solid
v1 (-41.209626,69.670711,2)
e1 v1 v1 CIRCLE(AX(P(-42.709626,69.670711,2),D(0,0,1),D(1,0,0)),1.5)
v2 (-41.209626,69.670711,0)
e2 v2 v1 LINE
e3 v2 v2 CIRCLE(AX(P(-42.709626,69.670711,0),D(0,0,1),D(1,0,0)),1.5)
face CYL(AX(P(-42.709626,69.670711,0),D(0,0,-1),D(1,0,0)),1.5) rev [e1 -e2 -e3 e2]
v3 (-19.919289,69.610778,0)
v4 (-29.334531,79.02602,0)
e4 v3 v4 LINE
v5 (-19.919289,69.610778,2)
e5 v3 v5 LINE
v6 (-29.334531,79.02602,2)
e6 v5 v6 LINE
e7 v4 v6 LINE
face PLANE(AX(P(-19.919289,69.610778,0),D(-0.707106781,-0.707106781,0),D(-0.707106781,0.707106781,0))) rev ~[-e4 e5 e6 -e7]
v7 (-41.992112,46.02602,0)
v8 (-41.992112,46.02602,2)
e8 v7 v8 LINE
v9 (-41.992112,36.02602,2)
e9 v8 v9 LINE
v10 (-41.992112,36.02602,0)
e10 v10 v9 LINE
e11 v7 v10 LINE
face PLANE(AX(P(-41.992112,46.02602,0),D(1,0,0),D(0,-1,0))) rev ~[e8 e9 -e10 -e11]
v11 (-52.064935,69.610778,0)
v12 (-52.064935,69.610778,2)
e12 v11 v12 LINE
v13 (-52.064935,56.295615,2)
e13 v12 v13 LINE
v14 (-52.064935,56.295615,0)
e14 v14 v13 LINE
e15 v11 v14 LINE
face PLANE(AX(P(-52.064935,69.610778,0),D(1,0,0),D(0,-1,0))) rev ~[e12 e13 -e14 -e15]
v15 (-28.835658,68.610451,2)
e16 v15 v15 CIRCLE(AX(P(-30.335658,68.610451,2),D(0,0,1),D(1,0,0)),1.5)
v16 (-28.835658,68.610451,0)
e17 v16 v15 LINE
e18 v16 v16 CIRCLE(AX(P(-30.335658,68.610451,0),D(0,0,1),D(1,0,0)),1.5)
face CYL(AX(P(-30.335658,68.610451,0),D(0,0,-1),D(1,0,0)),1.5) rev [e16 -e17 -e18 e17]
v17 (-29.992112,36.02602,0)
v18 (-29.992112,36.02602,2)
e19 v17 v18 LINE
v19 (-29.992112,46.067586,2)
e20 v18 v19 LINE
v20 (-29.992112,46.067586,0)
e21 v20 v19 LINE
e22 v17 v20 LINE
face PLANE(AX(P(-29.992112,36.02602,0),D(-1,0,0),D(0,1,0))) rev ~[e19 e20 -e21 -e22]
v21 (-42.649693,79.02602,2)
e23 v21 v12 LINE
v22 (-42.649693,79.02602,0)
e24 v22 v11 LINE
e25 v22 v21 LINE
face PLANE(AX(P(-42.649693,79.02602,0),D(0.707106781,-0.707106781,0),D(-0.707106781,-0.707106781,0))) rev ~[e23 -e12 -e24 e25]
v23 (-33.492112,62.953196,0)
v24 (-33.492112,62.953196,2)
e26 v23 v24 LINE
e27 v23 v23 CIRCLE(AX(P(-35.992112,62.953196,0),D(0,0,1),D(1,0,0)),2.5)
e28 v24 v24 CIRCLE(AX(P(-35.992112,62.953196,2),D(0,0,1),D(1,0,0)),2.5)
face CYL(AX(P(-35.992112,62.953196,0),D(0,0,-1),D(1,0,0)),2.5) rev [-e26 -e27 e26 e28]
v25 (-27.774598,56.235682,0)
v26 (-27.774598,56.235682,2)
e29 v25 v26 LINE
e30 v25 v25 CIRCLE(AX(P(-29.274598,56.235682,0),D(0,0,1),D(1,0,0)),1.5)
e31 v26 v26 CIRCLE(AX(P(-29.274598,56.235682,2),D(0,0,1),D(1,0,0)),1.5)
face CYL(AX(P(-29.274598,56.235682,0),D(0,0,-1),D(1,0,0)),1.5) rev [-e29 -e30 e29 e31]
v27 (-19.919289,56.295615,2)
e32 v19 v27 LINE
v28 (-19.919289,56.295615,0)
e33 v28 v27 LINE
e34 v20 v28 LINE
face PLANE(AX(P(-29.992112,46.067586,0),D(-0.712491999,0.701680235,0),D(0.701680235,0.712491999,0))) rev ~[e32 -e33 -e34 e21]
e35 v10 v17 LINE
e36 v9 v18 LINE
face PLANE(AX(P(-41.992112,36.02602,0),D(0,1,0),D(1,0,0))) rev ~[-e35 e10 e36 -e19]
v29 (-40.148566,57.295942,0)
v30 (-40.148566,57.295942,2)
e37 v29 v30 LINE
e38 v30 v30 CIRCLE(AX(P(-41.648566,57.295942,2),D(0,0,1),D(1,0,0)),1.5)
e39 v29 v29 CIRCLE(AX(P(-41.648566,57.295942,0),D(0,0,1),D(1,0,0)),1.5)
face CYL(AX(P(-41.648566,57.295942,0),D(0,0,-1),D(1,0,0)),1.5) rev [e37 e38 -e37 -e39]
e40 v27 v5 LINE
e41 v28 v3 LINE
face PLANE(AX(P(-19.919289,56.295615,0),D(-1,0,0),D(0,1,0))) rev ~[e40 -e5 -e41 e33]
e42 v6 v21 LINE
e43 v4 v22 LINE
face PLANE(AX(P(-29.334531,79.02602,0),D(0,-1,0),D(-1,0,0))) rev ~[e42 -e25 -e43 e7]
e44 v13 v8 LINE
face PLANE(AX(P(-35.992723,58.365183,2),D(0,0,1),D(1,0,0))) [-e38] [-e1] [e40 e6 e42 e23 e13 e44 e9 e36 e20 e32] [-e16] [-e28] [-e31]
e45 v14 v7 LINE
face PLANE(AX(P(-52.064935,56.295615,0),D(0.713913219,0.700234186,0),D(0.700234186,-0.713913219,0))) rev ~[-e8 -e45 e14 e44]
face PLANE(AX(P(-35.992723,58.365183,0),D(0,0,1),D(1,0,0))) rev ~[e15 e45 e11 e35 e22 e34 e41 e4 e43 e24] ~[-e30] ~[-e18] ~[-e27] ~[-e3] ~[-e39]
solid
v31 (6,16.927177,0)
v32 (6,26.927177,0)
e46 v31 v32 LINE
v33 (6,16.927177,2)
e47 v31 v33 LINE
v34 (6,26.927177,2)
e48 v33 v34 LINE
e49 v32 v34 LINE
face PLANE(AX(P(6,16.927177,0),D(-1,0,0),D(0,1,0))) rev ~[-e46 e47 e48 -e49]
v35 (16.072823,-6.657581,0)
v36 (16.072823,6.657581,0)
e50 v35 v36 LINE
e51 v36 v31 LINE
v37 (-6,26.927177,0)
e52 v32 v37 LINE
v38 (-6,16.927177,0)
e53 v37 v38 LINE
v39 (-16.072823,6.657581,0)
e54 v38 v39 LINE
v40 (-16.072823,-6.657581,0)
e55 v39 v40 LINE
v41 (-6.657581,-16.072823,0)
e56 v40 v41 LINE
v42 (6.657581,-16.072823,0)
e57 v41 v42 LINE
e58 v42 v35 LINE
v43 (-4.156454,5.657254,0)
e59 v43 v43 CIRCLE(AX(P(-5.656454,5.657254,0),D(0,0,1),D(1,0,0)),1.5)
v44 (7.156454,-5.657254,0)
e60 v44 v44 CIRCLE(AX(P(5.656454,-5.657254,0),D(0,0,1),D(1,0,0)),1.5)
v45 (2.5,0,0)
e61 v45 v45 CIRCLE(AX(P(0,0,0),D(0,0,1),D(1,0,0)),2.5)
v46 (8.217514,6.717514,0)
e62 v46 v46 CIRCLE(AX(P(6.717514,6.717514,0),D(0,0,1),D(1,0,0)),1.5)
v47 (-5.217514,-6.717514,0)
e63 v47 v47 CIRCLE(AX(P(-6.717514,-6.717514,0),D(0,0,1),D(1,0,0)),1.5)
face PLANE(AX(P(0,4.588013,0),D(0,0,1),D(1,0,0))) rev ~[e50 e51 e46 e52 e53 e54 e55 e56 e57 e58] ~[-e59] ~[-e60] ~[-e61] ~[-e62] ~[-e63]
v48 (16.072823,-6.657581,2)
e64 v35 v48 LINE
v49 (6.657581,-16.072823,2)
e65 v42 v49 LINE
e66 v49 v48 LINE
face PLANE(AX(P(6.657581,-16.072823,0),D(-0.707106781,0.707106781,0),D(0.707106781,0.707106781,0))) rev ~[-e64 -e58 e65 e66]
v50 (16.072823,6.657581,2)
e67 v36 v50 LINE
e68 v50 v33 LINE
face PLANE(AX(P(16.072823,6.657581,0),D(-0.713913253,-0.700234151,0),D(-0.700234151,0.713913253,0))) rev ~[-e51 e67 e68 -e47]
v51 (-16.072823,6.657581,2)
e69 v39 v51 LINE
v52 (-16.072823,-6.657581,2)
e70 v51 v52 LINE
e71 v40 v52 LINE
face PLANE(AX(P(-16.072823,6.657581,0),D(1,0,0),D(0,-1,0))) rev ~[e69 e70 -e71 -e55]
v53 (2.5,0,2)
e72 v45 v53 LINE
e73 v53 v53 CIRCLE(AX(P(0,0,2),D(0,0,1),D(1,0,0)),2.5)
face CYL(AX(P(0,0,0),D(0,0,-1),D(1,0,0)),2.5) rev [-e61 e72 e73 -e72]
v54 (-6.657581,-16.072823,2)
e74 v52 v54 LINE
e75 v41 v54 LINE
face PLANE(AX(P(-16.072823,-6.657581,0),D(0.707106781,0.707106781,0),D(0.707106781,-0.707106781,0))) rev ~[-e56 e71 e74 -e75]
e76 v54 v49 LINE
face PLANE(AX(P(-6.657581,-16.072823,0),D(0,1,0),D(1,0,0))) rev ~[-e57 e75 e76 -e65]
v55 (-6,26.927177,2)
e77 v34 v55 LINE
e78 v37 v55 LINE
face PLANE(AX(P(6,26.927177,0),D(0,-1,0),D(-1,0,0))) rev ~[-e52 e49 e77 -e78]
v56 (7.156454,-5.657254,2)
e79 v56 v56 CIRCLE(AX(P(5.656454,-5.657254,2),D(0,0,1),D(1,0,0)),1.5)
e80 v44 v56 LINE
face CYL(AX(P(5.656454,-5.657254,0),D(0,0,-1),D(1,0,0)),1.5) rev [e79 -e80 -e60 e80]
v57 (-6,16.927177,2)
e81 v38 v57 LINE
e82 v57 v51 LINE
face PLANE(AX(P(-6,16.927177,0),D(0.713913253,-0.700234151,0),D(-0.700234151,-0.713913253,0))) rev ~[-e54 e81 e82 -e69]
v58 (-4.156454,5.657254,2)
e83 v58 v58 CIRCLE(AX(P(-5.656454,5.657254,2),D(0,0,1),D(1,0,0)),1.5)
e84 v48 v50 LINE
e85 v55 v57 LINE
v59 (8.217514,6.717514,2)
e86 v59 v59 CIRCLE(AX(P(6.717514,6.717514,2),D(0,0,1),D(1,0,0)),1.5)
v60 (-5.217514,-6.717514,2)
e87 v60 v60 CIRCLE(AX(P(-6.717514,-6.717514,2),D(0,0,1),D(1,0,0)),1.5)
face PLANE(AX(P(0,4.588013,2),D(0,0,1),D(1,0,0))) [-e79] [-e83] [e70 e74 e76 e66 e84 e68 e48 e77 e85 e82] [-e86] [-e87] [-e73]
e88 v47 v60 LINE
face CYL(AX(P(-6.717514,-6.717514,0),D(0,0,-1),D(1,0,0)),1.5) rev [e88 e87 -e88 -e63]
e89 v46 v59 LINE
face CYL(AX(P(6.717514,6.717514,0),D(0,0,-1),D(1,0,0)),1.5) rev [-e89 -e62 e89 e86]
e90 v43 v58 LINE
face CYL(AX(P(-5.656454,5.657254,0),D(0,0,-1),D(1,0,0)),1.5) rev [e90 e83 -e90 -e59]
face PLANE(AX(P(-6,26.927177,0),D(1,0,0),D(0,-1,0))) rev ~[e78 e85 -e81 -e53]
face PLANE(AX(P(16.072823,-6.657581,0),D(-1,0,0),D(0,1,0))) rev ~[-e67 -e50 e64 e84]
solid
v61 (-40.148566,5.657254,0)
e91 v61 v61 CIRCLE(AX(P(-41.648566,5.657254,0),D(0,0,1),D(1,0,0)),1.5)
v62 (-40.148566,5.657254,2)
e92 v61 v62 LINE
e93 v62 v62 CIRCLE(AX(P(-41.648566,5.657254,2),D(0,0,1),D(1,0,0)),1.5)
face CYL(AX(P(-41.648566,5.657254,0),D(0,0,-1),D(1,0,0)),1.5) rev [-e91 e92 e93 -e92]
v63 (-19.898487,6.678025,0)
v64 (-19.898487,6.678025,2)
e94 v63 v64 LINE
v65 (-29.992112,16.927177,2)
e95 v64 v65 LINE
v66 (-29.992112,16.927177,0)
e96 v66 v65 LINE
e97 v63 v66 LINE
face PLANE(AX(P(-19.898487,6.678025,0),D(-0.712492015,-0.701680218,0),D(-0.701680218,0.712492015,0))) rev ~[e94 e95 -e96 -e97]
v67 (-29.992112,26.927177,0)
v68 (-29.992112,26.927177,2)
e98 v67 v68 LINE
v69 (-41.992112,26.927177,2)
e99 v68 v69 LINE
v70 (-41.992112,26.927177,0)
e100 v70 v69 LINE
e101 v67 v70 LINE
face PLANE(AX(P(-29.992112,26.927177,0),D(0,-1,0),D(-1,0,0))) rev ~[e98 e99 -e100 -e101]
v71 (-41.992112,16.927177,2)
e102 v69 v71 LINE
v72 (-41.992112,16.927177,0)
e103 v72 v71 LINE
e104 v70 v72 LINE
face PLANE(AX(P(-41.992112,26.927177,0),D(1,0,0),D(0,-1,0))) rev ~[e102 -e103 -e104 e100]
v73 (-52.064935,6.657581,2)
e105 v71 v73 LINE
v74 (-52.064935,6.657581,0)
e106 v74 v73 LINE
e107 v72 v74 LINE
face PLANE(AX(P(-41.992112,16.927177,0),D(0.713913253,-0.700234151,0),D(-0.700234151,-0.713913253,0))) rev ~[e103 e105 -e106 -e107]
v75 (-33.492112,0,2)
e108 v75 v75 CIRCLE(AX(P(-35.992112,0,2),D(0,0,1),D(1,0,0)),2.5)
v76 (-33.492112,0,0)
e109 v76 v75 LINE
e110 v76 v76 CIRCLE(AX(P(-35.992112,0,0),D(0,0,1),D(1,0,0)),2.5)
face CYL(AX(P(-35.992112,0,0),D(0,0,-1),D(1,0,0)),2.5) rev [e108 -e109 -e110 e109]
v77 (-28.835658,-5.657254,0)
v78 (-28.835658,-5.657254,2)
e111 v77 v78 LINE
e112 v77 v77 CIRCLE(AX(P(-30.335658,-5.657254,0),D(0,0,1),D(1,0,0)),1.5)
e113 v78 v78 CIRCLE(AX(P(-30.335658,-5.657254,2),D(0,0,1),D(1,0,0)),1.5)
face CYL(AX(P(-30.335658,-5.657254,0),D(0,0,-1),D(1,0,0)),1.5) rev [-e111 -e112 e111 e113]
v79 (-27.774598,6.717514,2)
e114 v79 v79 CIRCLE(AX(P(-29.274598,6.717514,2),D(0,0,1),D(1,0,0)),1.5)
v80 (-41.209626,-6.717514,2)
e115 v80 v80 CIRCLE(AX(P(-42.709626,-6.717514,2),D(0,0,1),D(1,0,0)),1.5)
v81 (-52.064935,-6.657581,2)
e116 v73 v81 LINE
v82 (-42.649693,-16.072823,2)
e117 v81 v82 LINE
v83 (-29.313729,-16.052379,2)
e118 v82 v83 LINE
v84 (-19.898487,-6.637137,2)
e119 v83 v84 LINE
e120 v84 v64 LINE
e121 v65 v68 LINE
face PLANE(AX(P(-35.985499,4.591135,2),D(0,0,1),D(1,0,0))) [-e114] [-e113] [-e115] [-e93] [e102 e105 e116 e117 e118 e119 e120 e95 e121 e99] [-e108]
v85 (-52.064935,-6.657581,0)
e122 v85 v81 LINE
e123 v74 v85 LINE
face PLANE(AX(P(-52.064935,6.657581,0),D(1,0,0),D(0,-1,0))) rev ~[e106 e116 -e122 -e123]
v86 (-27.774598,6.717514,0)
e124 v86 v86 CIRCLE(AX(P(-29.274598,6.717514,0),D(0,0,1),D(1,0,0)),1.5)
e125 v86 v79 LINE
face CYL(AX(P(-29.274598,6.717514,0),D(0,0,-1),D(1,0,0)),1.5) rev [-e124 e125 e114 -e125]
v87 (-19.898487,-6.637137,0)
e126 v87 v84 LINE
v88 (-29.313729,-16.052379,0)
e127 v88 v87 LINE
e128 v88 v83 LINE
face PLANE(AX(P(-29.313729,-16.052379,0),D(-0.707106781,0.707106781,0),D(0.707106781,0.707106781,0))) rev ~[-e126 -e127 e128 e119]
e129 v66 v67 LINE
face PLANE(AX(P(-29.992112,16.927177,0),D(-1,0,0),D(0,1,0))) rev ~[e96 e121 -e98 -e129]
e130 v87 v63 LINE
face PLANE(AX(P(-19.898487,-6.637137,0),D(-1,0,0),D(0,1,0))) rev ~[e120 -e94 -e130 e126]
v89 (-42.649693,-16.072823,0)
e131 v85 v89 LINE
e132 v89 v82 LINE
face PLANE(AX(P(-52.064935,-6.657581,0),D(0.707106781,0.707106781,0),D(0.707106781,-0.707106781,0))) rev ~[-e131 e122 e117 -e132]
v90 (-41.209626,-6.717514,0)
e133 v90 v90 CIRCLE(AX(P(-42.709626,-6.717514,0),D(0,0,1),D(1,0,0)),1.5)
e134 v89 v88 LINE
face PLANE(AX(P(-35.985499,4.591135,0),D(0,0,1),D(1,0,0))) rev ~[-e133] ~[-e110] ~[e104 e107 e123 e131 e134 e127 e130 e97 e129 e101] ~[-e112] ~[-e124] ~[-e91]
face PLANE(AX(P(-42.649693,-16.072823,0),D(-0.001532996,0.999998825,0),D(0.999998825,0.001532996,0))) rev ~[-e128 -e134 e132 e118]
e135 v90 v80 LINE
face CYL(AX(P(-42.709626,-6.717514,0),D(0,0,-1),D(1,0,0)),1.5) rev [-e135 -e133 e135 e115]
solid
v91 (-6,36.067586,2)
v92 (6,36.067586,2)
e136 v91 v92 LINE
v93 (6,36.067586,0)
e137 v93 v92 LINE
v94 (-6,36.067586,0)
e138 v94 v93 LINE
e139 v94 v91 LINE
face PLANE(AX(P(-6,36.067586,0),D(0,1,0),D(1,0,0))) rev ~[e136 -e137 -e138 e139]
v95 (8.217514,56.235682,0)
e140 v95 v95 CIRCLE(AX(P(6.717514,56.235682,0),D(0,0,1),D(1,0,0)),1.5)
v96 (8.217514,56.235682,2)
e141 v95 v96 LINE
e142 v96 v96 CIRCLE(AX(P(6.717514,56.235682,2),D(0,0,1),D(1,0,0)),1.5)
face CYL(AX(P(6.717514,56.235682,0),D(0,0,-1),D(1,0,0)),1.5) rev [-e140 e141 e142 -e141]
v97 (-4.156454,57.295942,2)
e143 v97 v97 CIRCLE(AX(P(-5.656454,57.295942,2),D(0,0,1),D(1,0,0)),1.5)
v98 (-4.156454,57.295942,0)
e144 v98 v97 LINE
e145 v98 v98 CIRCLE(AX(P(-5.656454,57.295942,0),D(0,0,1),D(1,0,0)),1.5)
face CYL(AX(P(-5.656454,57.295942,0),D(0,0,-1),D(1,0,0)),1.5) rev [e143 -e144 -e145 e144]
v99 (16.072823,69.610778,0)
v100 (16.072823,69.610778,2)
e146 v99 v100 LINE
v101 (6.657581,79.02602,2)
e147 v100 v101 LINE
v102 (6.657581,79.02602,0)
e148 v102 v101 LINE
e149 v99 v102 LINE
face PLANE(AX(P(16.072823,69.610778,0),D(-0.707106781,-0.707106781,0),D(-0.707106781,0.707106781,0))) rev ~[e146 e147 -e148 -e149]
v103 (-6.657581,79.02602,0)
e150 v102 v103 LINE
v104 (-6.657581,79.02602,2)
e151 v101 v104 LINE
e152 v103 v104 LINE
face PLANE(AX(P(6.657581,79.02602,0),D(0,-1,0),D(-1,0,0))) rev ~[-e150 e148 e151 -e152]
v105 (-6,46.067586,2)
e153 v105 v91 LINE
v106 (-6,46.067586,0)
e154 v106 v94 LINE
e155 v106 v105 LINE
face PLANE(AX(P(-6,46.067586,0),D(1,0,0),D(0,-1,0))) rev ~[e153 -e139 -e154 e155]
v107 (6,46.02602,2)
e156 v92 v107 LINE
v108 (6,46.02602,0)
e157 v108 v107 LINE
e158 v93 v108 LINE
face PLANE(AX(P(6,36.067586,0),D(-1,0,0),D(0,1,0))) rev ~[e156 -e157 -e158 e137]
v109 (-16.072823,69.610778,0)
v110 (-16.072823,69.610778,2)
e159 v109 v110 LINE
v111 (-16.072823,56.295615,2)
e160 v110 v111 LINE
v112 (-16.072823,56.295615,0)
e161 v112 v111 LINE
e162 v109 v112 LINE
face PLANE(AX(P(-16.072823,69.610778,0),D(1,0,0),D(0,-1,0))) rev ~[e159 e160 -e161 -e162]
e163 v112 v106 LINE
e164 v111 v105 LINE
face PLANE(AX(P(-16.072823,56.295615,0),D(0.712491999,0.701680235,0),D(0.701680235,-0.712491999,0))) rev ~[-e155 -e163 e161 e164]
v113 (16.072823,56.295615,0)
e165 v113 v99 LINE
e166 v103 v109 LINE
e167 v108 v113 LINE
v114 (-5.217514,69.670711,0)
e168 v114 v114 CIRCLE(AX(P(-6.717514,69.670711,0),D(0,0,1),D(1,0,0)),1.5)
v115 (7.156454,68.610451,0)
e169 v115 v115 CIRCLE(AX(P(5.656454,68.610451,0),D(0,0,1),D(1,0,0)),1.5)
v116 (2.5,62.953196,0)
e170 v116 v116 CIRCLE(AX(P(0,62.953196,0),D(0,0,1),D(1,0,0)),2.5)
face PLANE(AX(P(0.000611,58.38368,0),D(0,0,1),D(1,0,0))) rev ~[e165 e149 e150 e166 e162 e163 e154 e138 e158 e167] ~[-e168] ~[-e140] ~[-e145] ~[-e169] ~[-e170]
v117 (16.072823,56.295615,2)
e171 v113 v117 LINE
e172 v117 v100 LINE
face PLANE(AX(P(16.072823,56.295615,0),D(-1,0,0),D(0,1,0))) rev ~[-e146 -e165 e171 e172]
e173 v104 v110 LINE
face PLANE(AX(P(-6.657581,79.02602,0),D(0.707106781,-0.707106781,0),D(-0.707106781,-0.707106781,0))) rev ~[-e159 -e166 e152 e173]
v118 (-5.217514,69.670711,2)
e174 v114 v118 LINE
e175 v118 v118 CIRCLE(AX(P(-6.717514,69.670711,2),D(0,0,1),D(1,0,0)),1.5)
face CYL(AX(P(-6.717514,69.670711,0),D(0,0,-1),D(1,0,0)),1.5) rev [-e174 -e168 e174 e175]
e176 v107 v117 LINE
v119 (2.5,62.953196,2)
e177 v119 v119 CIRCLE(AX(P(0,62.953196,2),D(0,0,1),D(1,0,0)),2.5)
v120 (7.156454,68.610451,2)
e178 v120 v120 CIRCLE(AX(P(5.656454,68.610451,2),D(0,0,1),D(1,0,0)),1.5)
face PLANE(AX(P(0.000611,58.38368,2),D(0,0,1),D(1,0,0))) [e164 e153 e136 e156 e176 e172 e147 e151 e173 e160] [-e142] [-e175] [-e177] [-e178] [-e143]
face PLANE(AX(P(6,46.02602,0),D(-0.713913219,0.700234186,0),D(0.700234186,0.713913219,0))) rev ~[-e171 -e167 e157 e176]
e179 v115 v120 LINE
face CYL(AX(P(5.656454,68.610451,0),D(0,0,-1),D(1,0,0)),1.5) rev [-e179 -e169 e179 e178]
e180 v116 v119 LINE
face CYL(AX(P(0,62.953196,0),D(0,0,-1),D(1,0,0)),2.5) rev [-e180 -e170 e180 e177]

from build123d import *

# Parameters (mm, degrees)
F0_R     = 1.5
F0_R_2   = 2.5
F1_DEPTH = 2


with BuildPart() as f1:
    # F0 (on Top) → F1 (new body)
    with BuildSketch(Plane.XY):
        Polygon((16.072823, 6.657581), (6, 16.927177), (6, 26.927177), (-6, 26.927177), (-6, 16.927177), (-16.072823, 6.657581), (-16.072823, -6.657581), (-6.657581, -16.072823), (6.657581, -16.072823), (16.072823, -6.657581), align=None)
        with Locations((-6.717514, -6.717514)):
            Circle(F0_R, mode=Mode.SUBTRACT)
        with Locations((-5.656454, 5.657254)):
            Circle(F0_R, mode=Mode.SUBTRACT)
        with Locations((5.656454, -5.657254)):
            Circle(F0_R, mode=Mode.SUBTRACT)
        Circle(F0_R_2, mode=Mode.SUBTRACT)
        with Locations((6.717514, 6.717514)):
            Circle(F0_R, mode=Mode.SUBTRACT)
        Polygon((-19.898487, 6.678025), (-29.992112, 16.927177), (-29.992112, 26.927177), (-41.992112, 26.927177), (-41.992112, 16.927177), (-52.064935, 6.657581), (-52.064935, -6.657581), (-42.649693, -16.072823), (-29.313729, -16.052379), (-19.898487, -6.637137), align=None)
        with Locations((-42.709626, -6.717514)):
            Circle(F0_R, mode=Mode.SUBTRACT)
        with Locations((-35.992112, 0)):
            Circle(F0_R_2, mode=Mode.SUBTRACT)
        with Locations((-41.648566, 5.657254)):
            Circle(F0_R, mode=Mode.SUBTRACT)
        with Locations((-30.335658, -5.657254)):
            Circle(F0_R, mode=Mode.SUBTRACT)
        with Locations((-29.274598, 6.717514)):
            Circle(F0_R, mode=Mode.SUBTRACT)
        Polygon((-41.992112, 46.02602), (-41.992112, 36.02602), (-29.992112, 36.02602), (-29.992112, 46.067586), (-19.919289, 56.295615), (-19.919289, 69.610778), (-29.334531, 79.02602), (-42.649693, 79.02602), (-52.064935, 69.610778), (-52.064935, 56.295615), align=None)
        with Locations((-41.648566, 57.295942)):
            Circle(F0_R, mode=Mode.SUBTRACT)
        with Locations((-35.992112, 62.953196)):
            Circle(F0_R_2, mode=Mode.SUBTRACT)
        with Locations((-42.709626, 69.670711)):
            Circle(F0_R, mode=Mode.SUBTRACT)
        with Locations((-29.274598, 56.235682)):
            Circle(F0_R, mode=Mode.SUBTRACT)
        with Locations((-30.335658, 68.610451)):
            Circle(F0_R, mode=Mode.SUBTRACT)
        Polygon((6, 36.067586), (6, 46.02602), (16.072823, 56.295615), (16.072823, 69.610778), (6.657581, 79.02602), (-6.657581, 79.02602), (-16.072823, 69.610778), (-16.072823, 56.295615), (-6, 46.067586), (-6, 36.067586), align=None)
        with Locations((-5.656454, 57.295942)):
            Circle(F0_R, mode=Mode.SUBTRACT)
        with Locations((-6.717514, 69.670711)):
            Circle(F0_R, mode=Mode.SUBTRACT)
        with Locations((6.717514, 56.235682)):
            Circle(F0_R, mode=Mode.SUBTRACT)
        with Locations((0, 62.953196)):
            Circle(F0_R_2, mode=Mode.SUBTRACT)
        with Locations((5.656454, 68.610451)):
            Circle(F0_R, mode=Mode.SUBTRACT)
    extrude(amount=F1_DEPTH)


solid = f1.part
